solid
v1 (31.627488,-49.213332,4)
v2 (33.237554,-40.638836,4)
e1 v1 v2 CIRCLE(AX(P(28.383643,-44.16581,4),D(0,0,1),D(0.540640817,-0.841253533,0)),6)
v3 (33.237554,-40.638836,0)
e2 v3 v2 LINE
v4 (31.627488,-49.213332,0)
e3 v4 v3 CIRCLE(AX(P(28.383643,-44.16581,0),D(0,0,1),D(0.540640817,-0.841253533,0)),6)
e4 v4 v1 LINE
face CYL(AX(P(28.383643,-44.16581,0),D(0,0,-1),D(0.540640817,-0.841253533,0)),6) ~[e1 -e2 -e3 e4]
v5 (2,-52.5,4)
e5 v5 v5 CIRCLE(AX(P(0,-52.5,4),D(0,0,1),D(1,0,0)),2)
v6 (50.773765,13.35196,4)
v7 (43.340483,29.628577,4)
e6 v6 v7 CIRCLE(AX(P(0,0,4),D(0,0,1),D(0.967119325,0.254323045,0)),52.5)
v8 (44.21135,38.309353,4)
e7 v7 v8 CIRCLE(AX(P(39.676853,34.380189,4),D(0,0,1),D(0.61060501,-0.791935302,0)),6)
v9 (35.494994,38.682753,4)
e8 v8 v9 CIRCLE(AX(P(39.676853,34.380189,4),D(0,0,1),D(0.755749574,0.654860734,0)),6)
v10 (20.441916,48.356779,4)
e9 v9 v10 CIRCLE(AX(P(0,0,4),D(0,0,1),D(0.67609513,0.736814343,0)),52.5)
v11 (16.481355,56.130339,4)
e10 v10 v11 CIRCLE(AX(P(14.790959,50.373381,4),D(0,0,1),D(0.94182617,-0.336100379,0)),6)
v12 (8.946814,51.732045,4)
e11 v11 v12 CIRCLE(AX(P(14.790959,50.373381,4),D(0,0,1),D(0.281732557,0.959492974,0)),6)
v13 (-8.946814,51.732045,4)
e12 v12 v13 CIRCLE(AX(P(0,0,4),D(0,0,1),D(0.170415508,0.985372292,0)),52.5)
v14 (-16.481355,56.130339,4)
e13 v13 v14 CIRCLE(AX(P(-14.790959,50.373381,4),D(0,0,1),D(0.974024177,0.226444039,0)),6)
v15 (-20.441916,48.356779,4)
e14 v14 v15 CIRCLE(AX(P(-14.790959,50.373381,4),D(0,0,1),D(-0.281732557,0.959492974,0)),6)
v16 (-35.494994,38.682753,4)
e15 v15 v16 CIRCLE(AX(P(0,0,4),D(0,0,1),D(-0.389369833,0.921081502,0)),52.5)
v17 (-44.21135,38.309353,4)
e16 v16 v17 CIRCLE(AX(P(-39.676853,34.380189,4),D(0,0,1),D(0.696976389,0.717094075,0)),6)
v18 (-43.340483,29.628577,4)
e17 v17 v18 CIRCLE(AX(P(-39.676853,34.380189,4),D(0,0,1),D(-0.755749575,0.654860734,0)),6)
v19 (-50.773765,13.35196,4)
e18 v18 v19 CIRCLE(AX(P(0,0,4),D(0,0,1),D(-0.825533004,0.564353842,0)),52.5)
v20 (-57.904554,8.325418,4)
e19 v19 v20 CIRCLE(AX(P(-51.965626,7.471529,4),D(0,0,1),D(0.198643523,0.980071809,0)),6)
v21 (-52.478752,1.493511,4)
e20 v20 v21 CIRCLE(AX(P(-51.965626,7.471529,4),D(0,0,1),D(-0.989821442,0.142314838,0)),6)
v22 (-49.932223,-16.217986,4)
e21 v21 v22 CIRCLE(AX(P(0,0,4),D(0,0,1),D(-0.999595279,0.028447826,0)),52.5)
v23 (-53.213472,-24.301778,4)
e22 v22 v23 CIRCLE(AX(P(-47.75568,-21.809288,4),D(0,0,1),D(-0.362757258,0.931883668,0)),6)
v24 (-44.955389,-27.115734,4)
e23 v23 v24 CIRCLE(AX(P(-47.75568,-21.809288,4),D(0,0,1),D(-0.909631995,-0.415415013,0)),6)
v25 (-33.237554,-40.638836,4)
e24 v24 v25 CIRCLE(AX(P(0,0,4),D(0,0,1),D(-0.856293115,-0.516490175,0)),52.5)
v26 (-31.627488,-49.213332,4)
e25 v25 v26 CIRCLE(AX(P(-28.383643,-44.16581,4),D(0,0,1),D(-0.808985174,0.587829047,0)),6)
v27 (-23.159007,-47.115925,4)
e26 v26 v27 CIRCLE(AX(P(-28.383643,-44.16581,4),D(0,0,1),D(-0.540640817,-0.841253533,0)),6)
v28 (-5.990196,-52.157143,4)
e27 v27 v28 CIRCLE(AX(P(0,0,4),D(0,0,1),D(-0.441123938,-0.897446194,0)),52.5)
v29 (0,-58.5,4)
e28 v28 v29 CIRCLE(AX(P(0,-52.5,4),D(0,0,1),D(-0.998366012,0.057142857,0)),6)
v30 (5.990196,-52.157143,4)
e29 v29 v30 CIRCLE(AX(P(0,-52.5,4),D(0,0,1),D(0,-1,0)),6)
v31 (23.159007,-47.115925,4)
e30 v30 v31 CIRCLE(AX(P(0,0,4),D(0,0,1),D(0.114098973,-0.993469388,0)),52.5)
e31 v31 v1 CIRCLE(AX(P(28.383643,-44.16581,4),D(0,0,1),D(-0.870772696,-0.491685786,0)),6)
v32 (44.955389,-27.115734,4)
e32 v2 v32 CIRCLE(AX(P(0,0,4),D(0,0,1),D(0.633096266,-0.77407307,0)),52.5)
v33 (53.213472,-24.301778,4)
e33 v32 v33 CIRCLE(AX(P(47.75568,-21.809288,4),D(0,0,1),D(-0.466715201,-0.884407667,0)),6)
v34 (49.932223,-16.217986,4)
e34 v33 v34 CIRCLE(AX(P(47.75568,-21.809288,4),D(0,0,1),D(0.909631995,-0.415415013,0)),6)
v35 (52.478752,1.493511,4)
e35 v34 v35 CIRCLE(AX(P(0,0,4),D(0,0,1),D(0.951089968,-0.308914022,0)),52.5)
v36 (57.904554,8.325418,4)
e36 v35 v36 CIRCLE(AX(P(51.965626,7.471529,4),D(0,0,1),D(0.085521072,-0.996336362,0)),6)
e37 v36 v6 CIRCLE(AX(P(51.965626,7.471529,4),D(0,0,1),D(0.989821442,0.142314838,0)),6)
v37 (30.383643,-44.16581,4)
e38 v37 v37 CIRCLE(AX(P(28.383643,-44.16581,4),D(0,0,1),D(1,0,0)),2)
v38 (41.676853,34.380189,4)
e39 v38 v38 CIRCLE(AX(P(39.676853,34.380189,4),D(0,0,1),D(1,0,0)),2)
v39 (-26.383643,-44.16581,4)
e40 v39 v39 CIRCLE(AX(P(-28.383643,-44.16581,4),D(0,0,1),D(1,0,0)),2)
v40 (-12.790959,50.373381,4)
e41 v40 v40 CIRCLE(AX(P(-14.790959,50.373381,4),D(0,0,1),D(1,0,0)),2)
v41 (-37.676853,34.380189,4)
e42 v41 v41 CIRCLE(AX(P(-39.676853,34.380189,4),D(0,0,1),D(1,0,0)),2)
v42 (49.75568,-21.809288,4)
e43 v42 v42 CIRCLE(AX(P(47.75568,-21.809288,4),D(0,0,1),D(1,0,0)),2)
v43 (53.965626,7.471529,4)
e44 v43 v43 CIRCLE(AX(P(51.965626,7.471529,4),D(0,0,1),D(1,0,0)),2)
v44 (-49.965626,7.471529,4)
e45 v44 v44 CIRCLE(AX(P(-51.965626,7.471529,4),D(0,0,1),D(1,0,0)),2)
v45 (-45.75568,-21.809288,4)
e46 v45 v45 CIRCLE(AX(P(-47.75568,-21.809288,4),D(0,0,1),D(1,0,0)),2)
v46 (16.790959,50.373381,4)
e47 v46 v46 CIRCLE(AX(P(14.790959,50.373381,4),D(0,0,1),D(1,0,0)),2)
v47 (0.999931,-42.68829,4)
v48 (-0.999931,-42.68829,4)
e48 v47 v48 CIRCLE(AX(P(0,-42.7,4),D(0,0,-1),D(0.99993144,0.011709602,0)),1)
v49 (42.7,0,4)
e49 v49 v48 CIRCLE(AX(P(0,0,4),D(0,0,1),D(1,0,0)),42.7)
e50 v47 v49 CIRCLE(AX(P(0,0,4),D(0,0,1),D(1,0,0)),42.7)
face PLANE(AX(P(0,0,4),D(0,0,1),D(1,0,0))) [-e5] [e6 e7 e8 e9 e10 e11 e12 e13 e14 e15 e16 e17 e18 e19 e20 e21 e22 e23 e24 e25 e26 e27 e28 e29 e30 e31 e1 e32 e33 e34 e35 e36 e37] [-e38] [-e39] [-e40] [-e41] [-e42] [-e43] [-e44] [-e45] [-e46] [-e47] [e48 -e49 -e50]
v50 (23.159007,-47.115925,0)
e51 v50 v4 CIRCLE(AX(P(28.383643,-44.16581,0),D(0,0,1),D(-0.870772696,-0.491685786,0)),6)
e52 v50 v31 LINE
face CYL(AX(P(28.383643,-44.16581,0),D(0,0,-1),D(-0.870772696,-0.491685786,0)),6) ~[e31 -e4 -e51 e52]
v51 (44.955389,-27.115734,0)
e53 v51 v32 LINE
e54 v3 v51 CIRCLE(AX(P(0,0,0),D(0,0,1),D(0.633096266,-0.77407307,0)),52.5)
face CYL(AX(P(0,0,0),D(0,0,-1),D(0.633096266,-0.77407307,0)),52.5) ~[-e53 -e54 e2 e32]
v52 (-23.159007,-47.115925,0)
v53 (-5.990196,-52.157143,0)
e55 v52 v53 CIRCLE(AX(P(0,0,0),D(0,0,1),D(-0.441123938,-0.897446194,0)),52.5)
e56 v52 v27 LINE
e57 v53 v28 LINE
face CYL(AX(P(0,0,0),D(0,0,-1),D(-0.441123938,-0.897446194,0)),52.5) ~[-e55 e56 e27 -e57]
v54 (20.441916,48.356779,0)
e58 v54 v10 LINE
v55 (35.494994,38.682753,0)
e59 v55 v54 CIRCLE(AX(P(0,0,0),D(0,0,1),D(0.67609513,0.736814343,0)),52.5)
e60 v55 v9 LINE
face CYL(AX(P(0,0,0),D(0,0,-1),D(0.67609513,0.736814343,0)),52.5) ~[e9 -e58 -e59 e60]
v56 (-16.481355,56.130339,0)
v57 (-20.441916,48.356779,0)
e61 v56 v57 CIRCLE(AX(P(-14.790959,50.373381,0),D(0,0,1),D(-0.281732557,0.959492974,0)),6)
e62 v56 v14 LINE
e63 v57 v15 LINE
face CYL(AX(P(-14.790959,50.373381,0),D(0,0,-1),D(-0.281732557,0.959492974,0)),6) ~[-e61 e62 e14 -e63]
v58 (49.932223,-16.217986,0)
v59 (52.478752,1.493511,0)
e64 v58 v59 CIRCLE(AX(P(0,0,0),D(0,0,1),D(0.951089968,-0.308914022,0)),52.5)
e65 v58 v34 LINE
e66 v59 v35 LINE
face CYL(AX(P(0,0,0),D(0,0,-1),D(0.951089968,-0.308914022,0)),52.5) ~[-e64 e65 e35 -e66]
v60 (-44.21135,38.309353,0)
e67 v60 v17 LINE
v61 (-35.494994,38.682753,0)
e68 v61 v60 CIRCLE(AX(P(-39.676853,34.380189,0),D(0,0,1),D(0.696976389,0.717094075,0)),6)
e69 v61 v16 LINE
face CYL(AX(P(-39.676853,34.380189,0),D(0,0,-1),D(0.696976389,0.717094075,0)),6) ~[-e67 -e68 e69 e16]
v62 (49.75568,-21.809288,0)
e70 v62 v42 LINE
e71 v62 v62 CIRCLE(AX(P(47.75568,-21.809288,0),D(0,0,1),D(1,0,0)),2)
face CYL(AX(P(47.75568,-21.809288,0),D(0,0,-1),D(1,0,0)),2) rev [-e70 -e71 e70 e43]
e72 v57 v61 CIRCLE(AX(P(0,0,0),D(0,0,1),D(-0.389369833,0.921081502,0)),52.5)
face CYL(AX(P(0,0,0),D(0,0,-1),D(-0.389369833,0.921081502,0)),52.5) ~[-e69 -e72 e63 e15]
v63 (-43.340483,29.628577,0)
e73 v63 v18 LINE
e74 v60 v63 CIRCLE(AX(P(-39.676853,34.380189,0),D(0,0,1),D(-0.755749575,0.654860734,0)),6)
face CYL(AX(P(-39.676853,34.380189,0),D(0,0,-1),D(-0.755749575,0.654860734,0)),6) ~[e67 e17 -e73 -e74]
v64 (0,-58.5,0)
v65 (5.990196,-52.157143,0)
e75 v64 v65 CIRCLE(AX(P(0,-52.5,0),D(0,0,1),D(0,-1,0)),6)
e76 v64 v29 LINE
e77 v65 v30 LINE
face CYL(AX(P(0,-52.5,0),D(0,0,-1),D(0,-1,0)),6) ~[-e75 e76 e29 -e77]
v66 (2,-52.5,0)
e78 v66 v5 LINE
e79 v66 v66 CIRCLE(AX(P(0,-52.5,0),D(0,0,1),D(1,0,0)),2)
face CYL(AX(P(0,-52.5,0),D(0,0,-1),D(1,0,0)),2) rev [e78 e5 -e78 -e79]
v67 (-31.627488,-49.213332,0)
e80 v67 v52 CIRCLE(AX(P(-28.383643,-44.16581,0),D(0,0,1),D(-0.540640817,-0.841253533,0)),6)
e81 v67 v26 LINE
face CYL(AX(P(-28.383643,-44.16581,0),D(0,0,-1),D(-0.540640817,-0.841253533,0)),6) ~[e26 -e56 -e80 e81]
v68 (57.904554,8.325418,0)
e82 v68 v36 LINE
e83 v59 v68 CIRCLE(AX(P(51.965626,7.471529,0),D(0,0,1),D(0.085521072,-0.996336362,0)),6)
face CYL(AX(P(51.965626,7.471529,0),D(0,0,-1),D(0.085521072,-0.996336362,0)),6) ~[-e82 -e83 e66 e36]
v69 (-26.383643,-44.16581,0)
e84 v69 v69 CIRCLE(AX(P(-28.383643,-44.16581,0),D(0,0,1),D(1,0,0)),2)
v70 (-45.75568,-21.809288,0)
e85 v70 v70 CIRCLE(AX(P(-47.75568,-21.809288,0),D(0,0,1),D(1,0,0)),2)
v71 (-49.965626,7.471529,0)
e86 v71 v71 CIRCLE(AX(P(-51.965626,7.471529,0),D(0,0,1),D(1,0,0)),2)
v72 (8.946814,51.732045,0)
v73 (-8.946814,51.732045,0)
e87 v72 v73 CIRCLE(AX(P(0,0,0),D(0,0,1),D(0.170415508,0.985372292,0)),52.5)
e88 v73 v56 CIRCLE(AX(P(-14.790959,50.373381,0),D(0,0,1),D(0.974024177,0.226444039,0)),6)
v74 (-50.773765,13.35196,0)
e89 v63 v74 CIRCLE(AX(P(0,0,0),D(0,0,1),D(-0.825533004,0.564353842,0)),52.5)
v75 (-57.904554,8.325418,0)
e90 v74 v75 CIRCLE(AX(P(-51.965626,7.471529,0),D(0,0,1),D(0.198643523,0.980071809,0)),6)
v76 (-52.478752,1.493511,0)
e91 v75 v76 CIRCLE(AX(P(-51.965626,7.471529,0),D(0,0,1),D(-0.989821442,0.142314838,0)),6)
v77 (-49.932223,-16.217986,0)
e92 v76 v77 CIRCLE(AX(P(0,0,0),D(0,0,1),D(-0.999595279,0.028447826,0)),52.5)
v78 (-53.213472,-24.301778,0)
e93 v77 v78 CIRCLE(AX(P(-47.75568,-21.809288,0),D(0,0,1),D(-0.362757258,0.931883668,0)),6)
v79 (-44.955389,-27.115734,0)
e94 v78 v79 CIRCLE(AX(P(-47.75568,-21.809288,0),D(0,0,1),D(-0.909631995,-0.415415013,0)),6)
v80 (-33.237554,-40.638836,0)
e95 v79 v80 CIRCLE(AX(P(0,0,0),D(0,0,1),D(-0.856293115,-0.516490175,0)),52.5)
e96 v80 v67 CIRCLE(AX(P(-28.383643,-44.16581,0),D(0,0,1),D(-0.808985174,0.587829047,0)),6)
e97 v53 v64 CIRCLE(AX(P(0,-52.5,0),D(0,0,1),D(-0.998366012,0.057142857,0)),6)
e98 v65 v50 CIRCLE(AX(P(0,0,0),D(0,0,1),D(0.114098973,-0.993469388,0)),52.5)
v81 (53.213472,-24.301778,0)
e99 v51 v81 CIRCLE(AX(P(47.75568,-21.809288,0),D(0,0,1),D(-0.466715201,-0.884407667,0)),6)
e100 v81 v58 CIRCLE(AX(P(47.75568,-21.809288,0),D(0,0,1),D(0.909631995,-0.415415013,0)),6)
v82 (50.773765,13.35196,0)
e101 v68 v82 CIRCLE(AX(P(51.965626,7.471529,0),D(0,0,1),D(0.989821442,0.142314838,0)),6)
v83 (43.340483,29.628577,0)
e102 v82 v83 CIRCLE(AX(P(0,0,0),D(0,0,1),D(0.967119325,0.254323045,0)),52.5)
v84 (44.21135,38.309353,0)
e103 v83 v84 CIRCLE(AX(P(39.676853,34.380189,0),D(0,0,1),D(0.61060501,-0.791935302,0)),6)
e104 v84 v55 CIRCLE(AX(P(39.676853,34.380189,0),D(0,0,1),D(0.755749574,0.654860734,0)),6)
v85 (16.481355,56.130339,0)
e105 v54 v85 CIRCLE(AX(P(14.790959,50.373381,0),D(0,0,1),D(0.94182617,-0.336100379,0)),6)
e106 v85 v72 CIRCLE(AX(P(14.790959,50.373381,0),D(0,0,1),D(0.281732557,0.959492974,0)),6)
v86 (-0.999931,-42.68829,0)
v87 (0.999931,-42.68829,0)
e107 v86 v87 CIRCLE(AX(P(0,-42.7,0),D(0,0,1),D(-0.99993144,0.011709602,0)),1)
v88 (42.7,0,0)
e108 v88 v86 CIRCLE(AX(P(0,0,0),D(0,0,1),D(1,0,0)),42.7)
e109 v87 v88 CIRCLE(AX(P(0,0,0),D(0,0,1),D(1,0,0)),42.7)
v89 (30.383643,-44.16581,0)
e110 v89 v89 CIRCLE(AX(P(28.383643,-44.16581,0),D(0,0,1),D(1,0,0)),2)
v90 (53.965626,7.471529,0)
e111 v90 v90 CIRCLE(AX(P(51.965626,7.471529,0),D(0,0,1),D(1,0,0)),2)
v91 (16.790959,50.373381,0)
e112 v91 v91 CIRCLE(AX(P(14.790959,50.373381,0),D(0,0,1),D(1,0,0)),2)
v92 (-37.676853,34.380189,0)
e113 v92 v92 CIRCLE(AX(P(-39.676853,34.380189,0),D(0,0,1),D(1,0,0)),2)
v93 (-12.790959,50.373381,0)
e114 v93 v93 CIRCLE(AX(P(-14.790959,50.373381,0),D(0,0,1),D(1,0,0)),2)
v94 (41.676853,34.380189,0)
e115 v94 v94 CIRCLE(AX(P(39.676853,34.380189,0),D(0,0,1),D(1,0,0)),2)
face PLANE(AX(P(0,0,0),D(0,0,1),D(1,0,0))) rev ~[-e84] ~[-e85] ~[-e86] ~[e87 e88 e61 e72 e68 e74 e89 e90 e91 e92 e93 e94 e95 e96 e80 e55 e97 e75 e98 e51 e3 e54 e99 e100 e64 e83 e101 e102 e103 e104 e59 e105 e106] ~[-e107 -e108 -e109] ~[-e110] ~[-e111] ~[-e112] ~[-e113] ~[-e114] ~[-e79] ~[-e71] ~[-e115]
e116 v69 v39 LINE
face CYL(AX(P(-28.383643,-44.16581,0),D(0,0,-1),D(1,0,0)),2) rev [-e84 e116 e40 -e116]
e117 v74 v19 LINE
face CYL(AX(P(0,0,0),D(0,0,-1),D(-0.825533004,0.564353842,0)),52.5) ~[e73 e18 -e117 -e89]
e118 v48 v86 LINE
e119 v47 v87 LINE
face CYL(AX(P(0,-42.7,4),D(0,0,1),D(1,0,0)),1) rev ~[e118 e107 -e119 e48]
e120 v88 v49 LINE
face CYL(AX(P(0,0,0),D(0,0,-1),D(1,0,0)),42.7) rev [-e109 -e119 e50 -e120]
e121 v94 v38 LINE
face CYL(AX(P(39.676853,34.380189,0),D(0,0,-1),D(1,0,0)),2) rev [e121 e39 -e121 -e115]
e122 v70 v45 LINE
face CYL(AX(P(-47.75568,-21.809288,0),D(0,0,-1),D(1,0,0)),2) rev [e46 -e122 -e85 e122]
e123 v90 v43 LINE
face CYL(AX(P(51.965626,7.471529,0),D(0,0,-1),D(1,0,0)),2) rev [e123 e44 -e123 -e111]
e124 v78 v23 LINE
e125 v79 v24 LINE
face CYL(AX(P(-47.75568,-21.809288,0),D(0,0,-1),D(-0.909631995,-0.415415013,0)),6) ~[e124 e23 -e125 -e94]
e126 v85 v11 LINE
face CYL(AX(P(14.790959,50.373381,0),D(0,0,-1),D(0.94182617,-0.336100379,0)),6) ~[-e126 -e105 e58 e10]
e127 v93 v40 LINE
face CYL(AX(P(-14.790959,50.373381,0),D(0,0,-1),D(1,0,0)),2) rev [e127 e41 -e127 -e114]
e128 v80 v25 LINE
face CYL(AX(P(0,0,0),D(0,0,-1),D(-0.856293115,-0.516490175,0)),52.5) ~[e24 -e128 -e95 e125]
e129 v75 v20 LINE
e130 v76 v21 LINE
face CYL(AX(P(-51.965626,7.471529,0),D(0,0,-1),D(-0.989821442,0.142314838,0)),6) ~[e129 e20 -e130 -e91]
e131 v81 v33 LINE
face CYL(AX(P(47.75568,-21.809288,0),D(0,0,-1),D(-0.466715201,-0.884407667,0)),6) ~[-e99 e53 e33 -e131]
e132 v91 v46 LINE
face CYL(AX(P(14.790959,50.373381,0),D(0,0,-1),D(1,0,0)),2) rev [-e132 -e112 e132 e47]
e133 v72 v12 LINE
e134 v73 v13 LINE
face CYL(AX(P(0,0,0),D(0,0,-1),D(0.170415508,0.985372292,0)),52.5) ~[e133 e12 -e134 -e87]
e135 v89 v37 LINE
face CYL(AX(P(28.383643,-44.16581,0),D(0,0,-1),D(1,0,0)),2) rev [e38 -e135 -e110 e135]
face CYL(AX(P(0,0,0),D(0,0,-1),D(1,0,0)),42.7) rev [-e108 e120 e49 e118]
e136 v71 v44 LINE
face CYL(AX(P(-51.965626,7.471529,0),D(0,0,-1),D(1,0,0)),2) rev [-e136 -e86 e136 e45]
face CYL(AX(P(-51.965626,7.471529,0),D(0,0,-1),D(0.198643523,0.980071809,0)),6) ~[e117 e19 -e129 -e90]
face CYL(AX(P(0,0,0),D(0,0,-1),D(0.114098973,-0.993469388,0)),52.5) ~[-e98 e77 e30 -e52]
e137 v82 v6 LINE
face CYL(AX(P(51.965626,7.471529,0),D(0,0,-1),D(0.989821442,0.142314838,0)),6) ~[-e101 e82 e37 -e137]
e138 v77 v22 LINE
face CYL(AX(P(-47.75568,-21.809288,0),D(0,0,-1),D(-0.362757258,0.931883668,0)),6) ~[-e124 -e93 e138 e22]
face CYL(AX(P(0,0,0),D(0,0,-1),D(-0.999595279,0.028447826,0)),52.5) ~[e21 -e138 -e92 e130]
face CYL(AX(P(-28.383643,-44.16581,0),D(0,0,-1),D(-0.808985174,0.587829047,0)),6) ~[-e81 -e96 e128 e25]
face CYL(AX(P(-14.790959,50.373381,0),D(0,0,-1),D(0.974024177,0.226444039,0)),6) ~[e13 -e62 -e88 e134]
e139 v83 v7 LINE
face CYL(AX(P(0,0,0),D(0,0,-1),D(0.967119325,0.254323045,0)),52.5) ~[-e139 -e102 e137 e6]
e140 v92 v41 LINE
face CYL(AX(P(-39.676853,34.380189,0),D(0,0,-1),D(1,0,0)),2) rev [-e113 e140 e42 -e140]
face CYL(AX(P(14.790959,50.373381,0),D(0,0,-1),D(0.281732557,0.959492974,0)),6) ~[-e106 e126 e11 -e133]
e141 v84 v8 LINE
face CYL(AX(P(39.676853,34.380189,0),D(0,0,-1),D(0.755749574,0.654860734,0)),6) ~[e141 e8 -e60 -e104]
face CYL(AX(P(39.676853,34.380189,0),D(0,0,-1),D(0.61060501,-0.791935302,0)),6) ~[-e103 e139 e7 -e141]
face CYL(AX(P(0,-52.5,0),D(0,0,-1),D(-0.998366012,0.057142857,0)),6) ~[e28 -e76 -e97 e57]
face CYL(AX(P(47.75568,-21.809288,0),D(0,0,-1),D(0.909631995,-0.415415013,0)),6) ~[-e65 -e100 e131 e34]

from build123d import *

# Parameters (mm, degrees)
SKETCH_1_R          = 42.7
SKETCH_1_R_2        = 2
EXTRUDE_1_DEPTH     = 4
SKETCH_2_R          = 1
CUT_EXTRUDE_1_DEPTH = 4


with BuildPart() as part:
    # 草图1 → 凸台-拉伸1 (new body)
    with BuildSketch(Plane.XY):
        with BuildLine():
            ThreePointArc((-57.90455435, 8.325418039), (-56.664135325, 3.740040393), (-52.478752132, 1.493510837))
            ThreePointArc((-52.478752132, 1.493510837), (-51.965625699, -7.471529009), (-49.932223308, -16.217986173))
            ThreePointArc((-49.932223308, -16.217986173), (-53.315148558, -19.552674205), (-53.213471728, -24.301778261))
            ThreePointArc((-53.213471728, -24.301778261), (-49.690922522, -27.488622249), (-44.95538855, -27.115734184))
            ThreePointArc((-44.95538855, -27.115734184), (-39.676852654, -34.380188532), (-33.237553958, -40.63883619))
            ThreePointArc((-33.237553958, -40.63883619), (-34.280583312, -45.27310175), (-31.627487821, -49.213331671))
            ThreePointArc((-31.627487821, -49.213331671), (-26.941192918, -49.989841552), (-23.159006743, -47.115925192))
            ThreePointArc((-23.159006743, -47.115925192), (-14.790959234, -50.373381115), (-5.990196072, -52.157142857))
            ThreePointArc((-5.990196072, -52.157142857), (-4.36217508, -56.619639374), (0, -58.5))
            ThreePointArc((0, -58.5), (4.36217508, -56.619639374), (5.990196072, -52.157142857))
            ThreePointArc((5.990196072, -52.157142857), (14.790959234, -50.373381115), (23.159006743, -47.115925192))
            ThreePointArc((23.159006743, -47.115925192), (26.941192918, -49.989841552), (31.627487821, -49.213331671))
            ThreePointArc((31.627487821, -49.213331671), (34.280583312, -45.27310175), (33.237553958, -40.63883619))
            ThreePointArc((33.237553958, -40.63883619), (39.676852654, -34.380188532), (44.95538855, -27.115734184))
            ThreePointArc((44.95538855, -27.115734184), (49.690922522, -27.488622249), (53.213471728, -24.301778261))
            ThreePointArc((53.213471728, -24.301778261), (53.315148558, -19.552674205), (49.932223308, -16.217986173))
            ThreePointArc((49.932223308, -16.217986173), (51.965625699, -7.471529009), (52.478752132, 1.493510837))
            ThreePointArc((52.478752132, 1.493510837), (56.664135325, 3.740040393), (57.90455435, 8.325418039))
            ThreePointArc((57.90455435, 8.325418039), (55.422530843, 12.375589248), (50.773764562, 13.351959864))
            ThreePointArc((50.773764562, 13.351959864), (47.755679756, 21.809288183), (43.34048271, 29.62857672))
            ThreePointArc((43.34048271, 29.62857672), (45.646885531, 33.781266636), (44.2113501, 38.309352936))
            ThreePointArc((44.2113501, 38.309352936), (39.933651182, 40.374690556), (35.494994318, 38.682752984))
            ThreePointArc((35.494994318, 38.682752984), (28.383642916, 44.165810474), (20.441916256, 48.35677884))
            ThreePointArc((20.441916256, 48.35677884), (20.137072107, 53.097179409), (16.481354575, 56.130338956))
            ThreePointArc((16.481354575, 56.130338956), (11.766119429, 55.555112887), (8.946814173, 51.732045351))
            ThreePointArc((8.946814173, 51.732045351), (0, 52.5), (-8.946814173, 51.732045351))
            ThreePointArc((-8.946814173, 51.732045351), (-11.766119429, 55.555112887), (-16.481354575, 56.130338956))
            ThreePointArc((-16.481354575, 56.130338956), (-20.137072107, 53.097179409), (-20.441916256, 48.35677884))
            ThreePointArc((-20.441916256, 48.35677884), (-28.383642916, 44.165810474), (-35.494994318, 38.682752984))
            ThreePointArc((-35.494994318, 38.682752984), (-39.933651182, 40.374690556), (-44.2113501, 38.309352936))
            ThreePointArc((-44.2113501, 38.309352936), (-45.646885531, 33.781266636), (-43.34048271, 29.62857672))
            ThreePointArc((-43.34048271, 29.62857672), (-47.755679756, 21.809288183), (-50.773764562, 13.351959864))
            ThreePointArc((-50.773764562, 13.351959864), (-55.422530843, 12.375589248), (-57.90455435, 8.325418039))
        make_face()
        Circle(SKETCH_1_R, mode=Mode.SUBTRACT)
        with Locations((-51.965625699, 7.471529009)):
            Circle(SKETCH_1_R_2, mode=Mode.SUBTRACT)
        with Locations((-39.676852654, 34.380188532)):
            Circle(SKETCH_1_R_2, mode=Mode.SUBTRACT)
        with Locations((-14.790959234, 50.373381115)):
            Circle(SKETCH_1_R_2, mode=Mode.SUBTRACT)
        with Locations((14.790959234, 50.373381115)):
            Circle(SKETCH_1_R_2, mode=Mode.SUBTRACT)
        with Locations((39.676852654, 34.380188532)):
            Circle(SKETCH_1_R_2, mode=Mode.SUBTRACT)
        with Locations((51.965625699, 7.471529009)):
            Circle(SKETCH_1_R_2, mode=Mode.SUBTRACT)
        with Locations((47.755679756, -21.809288183)):
            Circle(SKETCH_1_R_2, mode=Mode.SUBTRACT)
        with Locations((28.383642916, -44.165810474)):
            Circle(SKETCH_1_R_2, mode=Mode.SUBTRACT)
        with Locations((0, -52.5)):
            Circle(SKETCH_1_R_2, mode=Mode.SUBTRACT)
        with Locations((-28.383642916, -44.165810474)):
            Circle(SKETCH_1_R_2, mode=Mode.SUBTRACT)
        with Locations((-47.755679756, -21.809288183)):
            Circle(SKETCH_1_R_2, mode=Mode.SUBTRACT)
    extrude(amount=EXTRUDE_1_DEPTH)

    # 草图2 → 切除-拉伸1 (cut)
    with BuildSketch(Plane.XY.offset(4)):
        with Locations((0, -42.7)):
            Circle(SKETCH_2_R)
    extrude(amount=-CUT_EXTRUDE_1_DEPTH, mode=Mode.SUBTRACT)


solid = part.part
